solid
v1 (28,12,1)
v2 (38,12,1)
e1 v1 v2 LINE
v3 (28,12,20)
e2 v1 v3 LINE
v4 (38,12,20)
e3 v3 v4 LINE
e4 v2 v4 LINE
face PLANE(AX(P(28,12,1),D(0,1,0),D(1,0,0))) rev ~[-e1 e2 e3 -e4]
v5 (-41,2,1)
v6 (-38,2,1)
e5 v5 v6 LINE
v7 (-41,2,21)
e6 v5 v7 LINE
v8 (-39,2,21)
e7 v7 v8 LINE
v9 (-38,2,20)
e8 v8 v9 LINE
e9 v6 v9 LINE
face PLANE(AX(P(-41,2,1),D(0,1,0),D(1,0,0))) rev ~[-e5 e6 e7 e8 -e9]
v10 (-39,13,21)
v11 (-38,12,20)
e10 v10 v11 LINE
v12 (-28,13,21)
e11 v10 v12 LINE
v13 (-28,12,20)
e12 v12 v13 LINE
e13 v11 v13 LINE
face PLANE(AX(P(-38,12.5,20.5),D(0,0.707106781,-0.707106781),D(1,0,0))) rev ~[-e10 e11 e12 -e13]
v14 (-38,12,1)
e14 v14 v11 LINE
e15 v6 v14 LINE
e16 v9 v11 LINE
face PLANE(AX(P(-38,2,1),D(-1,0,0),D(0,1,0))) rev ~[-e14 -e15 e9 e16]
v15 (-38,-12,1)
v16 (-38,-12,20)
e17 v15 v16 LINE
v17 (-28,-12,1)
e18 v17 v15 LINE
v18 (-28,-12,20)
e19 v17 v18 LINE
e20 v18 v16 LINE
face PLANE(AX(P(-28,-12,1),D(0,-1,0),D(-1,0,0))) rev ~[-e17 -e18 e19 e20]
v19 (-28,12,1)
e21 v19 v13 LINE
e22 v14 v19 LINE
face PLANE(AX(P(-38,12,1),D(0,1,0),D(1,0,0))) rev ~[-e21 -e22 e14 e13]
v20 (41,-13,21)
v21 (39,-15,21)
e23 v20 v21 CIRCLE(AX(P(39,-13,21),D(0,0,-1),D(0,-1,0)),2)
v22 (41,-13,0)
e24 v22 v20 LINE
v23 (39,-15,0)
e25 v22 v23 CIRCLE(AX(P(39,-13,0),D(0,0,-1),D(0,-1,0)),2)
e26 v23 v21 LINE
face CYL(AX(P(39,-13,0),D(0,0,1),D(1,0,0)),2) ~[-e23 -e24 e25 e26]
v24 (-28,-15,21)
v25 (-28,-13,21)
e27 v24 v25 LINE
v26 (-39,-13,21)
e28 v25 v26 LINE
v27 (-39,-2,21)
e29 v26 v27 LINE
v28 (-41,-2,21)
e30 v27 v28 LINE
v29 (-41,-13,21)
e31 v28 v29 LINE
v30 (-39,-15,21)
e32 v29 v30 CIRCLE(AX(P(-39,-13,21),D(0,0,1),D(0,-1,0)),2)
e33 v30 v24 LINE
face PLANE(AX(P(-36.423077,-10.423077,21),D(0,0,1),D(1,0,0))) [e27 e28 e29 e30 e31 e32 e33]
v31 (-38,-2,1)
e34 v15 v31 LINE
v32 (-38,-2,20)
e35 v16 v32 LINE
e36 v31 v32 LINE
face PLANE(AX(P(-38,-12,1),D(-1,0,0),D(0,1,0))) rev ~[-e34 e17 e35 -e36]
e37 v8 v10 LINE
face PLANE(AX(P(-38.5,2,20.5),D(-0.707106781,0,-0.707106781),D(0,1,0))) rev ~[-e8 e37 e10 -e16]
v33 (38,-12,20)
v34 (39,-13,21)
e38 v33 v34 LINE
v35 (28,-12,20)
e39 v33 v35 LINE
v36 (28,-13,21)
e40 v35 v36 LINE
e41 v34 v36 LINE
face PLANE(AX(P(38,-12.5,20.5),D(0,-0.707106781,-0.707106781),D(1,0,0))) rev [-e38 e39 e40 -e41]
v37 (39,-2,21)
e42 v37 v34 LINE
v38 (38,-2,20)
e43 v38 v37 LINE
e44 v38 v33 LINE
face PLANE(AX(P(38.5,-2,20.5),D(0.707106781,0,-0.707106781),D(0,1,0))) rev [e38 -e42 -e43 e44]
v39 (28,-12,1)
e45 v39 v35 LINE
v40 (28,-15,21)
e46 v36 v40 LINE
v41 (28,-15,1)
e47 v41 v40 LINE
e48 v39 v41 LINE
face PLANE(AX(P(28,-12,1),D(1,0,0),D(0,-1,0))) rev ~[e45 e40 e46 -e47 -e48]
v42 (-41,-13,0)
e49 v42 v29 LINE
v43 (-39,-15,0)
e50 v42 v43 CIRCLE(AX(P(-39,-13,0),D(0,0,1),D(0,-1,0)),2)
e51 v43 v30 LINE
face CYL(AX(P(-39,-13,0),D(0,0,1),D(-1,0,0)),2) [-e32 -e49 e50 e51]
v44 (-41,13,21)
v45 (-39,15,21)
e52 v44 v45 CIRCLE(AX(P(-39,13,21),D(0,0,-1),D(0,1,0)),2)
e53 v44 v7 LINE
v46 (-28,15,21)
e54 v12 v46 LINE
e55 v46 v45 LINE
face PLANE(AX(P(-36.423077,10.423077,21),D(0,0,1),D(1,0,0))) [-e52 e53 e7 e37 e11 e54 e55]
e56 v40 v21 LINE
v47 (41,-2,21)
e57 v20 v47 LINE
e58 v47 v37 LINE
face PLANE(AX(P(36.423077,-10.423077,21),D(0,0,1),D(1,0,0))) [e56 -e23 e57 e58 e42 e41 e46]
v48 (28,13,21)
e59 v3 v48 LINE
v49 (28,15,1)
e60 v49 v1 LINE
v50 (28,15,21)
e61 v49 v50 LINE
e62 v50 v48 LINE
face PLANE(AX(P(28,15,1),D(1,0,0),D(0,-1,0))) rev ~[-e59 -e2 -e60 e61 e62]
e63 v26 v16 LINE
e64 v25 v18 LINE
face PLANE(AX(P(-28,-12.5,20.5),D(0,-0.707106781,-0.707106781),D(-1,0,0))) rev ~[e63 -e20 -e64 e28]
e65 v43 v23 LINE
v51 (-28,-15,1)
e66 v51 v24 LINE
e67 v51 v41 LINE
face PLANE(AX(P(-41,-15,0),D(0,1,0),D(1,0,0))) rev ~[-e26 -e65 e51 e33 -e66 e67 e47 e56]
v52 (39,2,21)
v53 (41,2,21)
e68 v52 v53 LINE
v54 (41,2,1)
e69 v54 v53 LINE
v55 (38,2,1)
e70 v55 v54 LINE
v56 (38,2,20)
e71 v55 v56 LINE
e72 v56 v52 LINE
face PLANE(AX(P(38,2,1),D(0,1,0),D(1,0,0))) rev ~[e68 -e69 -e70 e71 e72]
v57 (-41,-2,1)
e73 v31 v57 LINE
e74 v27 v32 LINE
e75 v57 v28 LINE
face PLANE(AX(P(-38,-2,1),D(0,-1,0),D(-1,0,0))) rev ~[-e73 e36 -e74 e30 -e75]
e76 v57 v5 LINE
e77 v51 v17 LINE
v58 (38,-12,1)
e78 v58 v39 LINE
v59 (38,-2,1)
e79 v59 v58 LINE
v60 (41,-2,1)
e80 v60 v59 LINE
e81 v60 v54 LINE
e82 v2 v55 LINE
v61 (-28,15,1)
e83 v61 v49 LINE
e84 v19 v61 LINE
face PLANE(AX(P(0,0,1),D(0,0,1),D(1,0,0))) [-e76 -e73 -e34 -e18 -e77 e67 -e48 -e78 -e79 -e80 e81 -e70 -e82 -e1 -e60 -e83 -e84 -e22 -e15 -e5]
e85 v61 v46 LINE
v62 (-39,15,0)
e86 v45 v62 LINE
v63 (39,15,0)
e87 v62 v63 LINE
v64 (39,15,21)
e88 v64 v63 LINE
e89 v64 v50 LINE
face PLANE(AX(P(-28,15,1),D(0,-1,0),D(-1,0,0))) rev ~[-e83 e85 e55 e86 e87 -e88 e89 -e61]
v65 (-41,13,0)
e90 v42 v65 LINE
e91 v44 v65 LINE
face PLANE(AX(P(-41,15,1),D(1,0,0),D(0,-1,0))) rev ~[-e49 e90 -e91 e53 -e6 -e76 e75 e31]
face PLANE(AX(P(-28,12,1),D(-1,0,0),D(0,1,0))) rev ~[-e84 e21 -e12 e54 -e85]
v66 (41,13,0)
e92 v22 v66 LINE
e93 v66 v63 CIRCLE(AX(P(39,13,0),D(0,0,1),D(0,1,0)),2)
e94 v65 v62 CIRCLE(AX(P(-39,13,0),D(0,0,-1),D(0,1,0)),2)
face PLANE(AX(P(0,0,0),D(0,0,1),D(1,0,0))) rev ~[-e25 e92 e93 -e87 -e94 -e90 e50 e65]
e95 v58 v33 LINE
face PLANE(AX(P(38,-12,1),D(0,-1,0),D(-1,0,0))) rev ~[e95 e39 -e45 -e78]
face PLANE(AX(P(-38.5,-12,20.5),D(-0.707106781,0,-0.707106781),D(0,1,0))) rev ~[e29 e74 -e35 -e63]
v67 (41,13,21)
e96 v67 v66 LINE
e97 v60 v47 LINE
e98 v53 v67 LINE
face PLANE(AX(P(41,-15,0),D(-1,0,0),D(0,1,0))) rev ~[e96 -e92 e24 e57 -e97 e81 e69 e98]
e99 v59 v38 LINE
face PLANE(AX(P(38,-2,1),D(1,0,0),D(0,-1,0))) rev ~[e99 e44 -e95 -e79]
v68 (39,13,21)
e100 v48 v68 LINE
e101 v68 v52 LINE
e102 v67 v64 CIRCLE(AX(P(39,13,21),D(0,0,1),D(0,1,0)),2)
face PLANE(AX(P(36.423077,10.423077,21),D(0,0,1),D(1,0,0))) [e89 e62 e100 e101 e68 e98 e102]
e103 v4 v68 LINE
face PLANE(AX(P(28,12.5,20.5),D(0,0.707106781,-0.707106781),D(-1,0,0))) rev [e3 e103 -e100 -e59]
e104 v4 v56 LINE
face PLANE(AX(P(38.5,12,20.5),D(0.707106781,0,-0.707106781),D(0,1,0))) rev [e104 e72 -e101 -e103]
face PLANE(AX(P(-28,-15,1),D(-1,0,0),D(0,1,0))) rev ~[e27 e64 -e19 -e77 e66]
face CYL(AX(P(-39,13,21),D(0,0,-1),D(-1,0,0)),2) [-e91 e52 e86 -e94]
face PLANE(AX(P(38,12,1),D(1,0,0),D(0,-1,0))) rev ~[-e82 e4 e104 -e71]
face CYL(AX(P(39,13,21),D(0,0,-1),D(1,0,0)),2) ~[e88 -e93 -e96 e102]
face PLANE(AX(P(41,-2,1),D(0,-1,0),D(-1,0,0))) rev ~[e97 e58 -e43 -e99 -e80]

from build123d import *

# Parameters (mm, degrees)
SKETCH_W     = 82
SKETCH_H     = 30
PAD_DEPTH    = 1
PAD001_DEPTH = 20
FILLET_R     = 2
FILLET001_R  = 2
CHAMFER_SIZE = 1


with BuildPart() as part:
    # Sketch → Pad (new body)
    with BuildSketch(Plane.XY):
        Rectangle(SKETCH_W, SKETCH_H)
    extrude(amount=PAD_DEPTH)

    # Sketch001 → Pad001 (new body)
    with BuildSketch(Plane.XY.offset(1)):
        Polygon((-41, 15), (-41, 2), (-38, 2), (-38, 12), (-28, 12), (-28, 15), align=None)
        Polygon((28, -12), (28, -15), (41, -15), (41, -2), (38, -2), (38, -12), align=None)
        Polygon((-41, -2), (-41, -15), (-28, -15), (-28, -12), (-38, -12), (-38, -2), align=None)
        Polygon((38, 2), (41, 2), (41, 15), (28, 15), (28, 12), (38, 12), align=None)
    extrude(amount=PAD001_DEPTH)

    # Fillet
    fillet_edges = [part.edges().sort_by_distance(p)[0] for p in [
        (41, -15, 11),
        (41, 15, 11),
        (-41, 15, 11),
    ]]
    fillet(fillet_edges, radius=FILLET_R)

    # Fillet001
    fillet001_edges = [part.edges().sort_by_distance(p)[0] for p in [
        (-41, -15, 11),
    ]]
    fillet(fillet001_edges, radius=FILLET001_R)

    # Chamfer
    chamfer_edges = [part.edges().sort_by_distance(p)[0] for p in [
        (-38, 7, 21),
        (-33, 12, 21),
        (-38, -7, 21),
        (-33, -12, 21),
        (33, -12, 21),
        (38, -7, 21),
        (38, 7, 21),
        (33, 12, 21),
    ]]
    chamfer(chamfer_edges, length=CHAMFER_SIZE)


solid = part.part
